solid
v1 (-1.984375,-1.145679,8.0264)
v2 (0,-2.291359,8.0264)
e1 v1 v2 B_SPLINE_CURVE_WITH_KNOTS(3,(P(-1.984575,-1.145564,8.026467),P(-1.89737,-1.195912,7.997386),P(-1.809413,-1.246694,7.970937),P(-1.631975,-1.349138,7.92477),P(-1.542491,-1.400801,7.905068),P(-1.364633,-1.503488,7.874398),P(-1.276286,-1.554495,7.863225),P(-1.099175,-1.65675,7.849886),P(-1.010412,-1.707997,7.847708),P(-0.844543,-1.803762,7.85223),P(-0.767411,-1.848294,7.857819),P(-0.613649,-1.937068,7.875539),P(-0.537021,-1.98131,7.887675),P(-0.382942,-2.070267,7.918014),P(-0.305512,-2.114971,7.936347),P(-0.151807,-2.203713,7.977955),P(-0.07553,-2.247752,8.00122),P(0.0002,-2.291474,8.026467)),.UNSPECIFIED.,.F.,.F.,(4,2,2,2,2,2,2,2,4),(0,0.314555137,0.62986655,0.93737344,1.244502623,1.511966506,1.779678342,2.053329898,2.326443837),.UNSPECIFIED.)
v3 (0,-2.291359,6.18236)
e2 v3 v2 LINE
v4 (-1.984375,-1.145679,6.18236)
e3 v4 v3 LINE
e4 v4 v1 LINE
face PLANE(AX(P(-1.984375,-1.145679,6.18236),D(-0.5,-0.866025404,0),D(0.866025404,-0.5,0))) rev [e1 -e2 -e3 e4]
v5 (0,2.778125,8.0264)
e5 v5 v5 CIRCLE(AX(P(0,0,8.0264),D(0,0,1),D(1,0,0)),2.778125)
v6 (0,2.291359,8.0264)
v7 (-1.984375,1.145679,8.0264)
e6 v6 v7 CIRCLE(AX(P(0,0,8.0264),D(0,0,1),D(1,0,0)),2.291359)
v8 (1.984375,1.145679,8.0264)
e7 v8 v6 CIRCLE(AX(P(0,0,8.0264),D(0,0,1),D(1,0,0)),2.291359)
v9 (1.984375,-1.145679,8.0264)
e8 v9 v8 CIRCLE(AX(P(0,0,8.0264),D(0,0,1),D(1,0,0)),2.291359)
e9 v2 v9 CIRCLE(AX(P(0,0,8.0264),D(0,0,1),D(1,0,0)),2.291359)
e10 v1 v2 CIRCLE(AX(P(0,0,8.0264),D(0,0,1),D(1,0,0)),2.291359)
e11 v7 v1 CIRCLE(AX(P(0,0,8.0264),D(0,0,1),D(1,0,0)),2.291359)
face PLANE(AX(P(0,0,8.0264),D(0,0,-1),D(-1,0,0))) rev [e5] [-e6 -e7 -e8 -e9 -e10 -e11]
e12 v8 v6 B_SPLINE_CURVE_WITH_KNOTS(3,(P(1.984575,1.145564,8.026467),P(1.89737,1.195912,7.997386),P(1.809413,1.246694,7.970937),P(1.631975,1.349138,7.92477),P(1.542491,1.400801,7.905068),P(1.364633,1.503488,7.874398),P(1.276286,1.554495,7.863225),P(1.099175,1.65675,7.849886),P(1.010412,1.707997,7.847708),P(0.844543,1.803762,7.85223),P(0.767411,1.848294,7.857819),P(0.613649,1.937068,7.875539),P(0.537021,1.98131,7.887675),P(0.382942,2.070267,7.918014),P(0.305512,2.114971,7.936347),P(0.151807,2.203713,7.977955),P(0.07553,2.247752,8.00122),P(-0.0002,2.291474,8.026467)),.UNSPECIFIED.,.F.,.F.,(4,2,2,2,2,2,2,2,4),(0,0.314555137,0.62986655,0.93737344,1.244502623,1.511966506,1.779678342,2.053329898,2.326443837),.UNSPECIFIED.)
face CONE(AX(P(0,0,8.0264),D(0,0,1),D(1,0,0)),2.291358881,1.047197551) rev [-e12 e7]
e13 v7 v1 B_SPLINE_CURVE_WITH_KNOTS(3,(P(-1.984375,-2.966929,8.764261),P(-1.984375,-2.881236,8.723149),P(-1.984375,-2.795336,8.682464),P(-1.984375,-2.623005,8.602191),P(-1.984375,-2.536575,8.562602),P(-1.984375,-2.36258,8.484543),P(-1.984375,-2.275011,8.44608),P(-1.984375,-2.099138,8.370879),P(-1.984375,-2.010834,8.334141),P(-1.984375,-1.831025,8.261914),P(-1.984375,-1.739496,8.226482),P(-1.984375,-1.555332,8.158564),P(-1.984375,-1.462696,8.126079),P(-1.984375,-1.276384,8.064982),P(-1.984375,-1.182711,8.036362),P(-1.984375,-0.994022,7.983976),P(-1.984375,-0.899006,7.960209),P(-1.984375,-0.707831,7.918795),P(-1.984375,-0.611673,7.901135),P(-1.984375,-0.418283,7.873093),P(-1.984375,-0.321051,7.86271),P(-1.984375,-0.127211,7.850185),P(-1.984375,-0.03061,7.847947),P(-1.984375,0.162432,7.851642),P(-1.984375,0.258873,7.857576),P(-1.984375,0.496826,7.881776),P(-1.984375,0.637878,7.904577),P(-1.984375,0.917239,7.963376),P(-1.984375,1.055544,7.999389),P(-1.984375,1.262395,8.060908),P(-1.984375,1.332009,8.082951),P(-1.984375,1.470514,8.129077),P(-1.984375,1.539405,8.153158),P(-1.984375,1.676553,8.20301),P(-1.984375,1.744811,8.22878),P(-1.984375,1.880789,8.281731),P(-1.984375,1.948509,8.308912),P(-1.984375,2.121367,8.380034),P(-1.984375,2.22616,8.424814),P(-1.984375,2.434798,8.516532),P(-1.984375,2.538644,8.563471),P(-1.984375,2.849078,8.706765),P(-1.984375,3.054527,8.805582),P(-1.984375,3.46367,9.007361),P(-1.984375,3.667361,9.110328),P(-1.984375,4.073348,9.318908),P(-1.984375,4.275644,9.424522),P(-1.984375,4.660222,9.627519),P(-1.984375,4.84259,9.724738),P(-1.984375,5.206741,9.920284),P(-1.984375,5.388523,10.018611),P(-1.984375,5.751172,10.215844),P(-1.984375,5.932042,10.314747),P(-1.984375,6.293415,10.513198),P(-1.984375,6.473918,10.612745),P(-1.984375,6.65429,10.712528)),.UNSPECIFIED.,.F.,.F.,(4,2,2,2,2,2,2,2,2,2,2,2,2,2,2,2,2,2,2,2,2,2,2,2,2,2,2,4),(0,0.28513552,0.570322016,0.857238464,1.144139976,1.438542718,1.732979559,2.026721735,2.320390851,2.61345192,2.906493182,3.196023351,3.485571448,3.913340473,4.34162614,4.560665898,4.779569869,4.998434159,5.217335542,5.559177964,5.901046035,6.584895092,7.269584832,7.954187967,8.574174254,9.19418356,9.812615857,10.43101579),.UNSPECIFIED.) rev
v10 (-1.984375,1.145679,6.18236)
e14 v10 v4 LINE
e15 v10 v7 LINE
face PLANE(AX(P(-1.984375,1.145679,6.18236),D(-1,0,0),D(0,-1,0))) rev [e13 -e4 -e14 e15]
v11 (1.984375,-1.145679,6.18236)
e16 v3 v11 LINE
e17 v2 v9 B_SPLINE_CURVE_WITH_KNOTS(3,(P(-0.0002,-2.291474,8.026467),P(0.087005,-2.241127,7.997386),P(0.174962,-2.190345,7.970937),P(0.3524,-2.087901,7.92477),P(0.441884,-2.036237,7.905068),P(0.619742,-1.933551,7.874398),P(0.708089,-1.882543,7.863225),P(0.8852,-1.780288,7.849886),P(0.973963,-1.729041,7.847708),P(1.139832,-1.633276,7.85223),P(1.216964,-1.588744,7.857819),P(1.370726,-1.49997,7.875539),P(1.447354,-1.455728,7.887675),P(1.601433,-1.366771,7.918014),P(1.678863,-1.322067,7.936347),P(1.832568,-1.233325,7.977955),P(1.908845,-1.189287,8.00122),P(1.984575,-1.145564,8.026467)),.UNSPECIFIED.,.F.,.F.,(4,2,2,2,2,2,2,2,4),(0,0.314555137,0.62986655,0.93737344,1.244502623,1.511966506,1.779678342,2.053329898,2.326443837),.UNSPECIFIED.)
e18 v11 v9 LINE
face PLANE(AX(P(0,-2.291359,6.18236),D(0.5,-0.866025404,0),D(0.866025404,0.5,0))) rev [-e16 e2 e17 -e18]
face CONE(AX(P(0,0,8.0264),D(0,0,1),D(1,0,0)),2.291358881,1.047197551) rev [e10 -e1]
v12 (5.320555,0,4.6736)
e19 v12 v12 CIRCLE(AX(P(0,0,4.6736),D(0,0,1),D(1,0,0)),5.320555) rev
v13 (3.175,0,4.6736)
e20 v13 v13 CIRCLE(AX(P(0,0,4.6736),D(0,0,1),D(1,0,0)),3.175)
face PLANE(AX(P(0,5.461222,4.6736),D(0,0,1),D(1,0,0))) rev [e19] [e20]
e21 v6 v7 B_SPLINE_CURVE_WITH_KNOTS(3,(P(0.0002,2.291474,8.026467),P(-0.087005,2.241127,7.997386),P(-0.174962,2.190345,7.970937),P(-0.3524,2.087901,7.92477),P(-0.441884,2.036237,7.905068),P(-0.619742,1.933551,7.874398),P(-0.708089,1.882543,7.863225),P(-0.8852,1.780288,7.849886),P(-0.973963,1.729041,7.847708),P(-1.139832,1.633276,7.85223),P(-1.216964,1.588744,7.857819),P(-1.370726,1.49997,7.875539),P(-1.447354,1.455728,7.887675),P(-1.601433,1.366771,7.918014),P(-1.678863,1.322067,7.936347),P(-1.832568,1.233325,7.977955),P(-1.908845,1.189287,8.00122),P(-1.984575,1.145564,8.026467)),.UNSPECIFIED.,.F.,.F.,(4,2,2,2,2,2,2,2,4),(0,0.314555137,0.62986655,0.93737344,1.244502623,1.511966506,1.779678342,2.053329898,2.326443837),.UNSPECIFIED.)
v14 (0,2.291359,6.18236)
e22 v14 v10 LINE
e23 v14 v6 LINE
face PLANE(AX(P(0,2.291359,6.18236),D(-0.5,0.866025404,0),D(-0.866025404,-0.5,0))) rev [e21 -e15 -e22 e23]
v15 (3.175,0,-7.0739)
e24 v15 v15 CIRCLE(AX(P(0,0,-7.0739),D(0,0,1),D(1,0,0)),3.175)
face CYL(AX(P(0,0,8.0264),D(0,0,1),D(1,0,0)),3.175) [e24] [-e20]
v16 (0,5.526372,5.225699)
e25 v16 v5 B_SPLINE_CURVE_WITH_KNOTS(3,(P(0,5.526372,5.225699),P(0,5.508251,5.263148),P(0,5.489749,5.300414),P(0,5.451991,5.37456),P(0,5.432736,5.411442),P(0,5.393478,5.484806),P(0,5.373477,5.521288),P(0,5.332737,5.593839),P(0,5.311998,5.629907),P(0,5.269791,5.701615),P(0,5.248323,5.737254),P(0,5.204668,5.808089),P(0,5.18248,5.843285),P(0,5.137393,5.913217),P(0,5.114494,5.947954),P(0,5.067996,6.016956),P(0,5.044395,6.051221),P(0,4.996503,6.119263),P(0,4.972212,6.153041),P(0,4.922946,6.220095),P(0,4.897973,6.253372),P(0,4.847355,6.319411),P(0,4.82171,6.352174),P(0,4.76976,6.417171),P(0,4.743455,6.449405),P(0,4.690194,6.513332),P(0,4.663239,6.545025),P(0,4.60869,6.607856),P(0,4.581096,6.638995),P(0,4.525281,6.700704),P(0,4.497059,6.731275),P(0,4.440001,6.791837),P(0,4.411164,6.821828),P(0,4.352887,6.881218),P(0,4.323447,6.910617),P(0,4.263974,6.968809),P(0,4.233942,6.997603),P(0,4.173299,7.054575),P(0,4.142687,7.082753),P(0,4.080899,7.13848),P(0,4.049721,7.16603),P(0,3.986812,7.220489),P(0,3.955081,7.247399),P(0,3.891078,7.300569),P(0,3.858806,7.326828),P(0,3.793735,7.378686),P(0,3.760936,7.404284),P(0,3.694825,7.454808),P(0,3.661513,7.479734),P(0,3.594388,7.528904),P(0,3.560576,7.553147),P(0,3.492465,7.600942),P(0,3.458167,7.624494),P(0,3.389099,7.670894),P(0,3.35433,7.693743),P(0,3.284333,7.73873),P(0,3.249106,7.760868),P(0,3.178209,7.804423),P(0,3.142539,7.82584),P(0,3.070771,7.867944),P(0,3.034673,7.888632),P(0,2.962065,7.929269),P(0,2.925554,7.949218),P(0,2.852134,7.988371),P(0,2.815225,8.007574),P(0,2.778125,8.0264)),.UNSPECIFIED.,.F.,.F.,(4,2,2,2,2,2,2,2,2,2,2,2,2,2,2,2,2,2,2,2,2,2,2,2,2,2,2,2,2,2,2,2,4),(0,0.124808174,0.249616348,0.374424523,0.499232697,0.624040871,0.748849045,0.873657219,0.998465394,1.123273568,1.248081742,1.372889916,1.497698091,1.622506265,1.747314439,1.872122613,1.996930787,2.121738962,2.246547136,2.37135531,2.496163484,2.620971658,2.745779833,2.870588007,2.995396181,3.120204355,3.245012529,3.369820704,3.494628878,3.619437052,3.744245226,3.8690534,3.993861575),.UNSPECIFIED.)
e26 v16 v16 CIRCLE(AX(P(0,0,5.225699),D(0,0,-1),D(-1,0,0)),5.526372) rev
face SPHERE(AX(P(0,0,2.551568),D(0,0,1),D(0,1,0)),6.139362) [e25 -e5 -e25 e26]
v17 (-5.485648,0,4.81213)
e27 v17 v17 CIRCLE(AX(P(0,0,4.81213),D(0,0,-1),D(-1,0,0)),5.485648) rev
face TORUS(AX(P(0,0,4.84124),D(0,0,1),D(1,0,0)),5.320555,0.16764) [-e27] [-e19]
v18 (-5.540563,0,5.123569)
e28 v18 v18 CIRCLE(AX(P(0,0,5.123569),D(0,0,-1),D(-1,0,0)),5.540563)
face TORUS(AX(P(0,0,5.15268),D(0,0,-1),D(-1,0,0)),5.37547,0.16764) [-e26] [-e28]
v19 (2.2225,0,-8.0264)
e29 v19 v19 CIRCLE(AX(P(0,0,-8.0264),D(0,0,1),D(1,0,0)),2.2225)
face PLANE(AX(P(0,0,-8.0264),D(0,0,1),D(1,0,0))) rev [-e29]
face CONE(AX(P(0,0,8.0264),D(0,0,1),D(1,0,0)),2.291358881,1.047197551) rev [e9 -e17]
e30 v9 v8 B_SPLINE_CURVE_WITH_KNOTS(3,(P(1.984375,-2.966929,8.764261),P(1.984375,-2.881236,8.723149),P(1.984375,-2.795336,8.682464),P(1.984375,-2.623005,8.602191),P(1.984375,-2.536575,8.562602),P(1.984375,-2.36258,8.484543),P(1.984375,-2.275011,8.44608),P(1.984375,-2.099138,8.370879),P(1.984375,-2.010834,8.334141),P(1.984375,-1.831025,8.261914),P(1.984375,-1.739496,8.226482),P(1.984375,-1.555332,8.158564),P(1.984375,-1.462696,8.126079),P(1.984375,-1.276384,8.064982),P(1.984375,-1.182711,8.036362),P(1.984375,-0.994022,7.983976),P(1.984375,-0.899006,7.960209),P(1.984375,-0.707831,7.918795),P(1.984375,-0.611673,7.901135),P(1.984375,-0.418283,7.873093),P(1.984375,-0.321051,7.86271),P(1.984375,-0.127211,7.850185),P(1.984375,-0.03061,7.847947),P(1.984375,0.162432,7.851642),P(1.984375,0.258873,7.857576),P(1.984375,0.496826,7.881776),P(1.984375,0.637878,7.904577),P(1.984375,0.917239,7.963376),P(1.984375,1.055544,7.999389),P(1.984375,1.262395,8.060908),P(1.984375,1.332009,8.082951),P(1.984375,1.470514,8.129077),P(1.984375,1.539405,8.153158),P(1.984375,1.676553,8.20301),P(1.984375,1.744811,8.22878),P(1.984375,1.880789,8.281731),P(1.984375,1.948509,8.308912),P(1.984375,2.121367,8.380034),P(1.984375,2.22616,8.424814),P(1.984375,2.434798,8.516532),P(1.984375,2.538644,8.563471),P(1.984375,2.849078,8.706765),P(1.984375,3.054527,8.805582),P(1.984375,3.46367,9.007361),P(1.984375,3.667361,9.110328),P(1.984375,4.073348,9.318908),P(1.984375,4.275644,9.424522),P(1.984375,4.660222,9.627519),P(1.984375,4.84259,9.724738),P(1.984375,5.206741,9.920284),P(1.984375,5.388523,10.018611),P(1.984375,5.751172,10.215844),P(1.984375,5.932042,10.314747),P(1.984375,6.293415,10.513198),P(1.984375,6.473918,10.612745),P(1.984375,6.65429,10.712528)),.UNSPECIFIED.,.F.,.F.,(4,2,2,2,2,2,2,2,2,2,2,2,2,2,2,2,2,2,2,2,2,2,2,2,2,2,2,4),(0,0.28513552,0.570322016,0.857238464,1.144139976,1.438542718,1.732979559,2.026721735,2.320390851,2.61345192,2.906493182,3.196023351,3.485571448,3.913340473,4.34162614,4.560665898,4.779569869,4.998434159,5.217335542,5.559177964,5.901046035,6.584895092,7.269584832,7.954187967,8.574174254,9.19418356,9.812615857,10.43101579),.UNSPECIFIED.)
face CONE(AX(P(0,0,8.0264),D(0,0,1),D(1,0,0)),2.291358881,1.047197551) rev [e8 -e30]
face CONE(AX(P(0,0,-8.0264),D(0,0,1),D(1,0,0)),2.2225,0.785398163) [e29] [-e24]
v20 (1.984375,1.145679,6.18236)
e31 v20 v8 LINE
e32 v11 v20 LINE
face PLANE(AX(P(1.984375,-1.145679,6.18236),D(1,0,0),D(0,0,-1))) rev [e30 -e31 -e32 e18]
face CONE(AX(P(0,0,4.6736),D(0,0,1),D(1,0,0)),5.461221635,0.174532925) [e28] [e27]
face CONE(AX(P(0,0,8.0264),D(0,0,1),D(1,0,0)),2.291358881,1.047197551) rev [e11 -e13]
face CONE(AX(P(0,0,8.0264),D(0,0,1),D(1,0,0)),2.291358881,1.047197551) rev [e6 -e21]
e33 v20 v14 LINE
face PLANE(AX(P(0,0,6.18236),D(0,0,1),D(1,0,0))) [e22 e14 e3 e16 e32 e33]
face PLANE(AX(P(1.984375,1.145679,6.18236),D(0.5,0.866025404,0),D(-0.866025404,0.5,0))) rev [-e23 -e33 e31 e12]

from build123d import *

# Parameters (mm, degrees)
CUT_EXTRUDE1_DEPTH = 1.84404
FILLET1_R          = 0.16764


with BuildPart() as part:
    # Sketch3 → Revolve1 (revolve)
    with BuildSketch(Plane(origin=(0, 0, 0), x_dir=(0, 0, -1), z_dir=(1, 0, 0)), mode=Mode.PRIVATE) as revolve1_sk:
        with BuildLine():
            Line((-8.0264, 0), (-8.0264, 2.778125))
            ThreePointArc((-8.0264, 2.778125), (-6.832024687, 4.401074199), (-5.17652, 5.5499))
            Line((-5.17652, 5.5499), (-4.6736, 5.461221635))
            Line((-4.6736, 5.461221635), (-4.6736, 3.175))
            Line((-4.6736, 3.175), (7.0739, 3.175))
            Line((7.0739, 3.175), (8.0264, 2.2225))
            Line((8.0264, 2.2225), (8.0264, 0))
            Line((8.0264, 0), (-8.0264, 0))
        make_face()
    revolve(revolve1_sk.sketch.rotate(Axis((0, 0, 8.0264), (0, 0, -1)), 90), axis=Axis((0, 0, 8.0264), (0, 0, -1)))

    # Sketch4 → Cut-Extrude1 (cut)
    with BuildSketch(Plane.XY.offset(8.0264)):
        Polygon((-1.984375, -1.14567944), (0, -2.291358881), (1.984375, -1.14567944), (1.984375, 1.14567944), (0, 2.291358881), (-1.984375, 1.14567944), align=None)
    extrude(amount=-CUT_EXTRUDE1_DEPTH, mode=Mode.SUBTRACT)

    # Cut-Extrude2 cone 1 section (through the dimple's axis) → Cut-Extrude2 (revolve, cut)
    with BuildSketch(Plane(origin=(0, 0, 8.0264), x_dir=(0, -1, 0), z_dir=(1, 0, 0))):
        Polygon((0, 0), (2.291358881, 0), (0, 1.322916667), align=None)
    revolve(axis=Axis((0, 0, 8.0264), (0, 0, -1)), mode=Mode.SUBTRACT)

    # Fillet1
    fillet1_edges = [part.edges().sort_by_distance(p)[0] for p in [
        (-5.461221635, 0, 4.6736),
        (-5.5499, 0, 5.17652),
    ]]
    fillet(fillet1_edges, radius=FILLET1_R)


solid = part.part
